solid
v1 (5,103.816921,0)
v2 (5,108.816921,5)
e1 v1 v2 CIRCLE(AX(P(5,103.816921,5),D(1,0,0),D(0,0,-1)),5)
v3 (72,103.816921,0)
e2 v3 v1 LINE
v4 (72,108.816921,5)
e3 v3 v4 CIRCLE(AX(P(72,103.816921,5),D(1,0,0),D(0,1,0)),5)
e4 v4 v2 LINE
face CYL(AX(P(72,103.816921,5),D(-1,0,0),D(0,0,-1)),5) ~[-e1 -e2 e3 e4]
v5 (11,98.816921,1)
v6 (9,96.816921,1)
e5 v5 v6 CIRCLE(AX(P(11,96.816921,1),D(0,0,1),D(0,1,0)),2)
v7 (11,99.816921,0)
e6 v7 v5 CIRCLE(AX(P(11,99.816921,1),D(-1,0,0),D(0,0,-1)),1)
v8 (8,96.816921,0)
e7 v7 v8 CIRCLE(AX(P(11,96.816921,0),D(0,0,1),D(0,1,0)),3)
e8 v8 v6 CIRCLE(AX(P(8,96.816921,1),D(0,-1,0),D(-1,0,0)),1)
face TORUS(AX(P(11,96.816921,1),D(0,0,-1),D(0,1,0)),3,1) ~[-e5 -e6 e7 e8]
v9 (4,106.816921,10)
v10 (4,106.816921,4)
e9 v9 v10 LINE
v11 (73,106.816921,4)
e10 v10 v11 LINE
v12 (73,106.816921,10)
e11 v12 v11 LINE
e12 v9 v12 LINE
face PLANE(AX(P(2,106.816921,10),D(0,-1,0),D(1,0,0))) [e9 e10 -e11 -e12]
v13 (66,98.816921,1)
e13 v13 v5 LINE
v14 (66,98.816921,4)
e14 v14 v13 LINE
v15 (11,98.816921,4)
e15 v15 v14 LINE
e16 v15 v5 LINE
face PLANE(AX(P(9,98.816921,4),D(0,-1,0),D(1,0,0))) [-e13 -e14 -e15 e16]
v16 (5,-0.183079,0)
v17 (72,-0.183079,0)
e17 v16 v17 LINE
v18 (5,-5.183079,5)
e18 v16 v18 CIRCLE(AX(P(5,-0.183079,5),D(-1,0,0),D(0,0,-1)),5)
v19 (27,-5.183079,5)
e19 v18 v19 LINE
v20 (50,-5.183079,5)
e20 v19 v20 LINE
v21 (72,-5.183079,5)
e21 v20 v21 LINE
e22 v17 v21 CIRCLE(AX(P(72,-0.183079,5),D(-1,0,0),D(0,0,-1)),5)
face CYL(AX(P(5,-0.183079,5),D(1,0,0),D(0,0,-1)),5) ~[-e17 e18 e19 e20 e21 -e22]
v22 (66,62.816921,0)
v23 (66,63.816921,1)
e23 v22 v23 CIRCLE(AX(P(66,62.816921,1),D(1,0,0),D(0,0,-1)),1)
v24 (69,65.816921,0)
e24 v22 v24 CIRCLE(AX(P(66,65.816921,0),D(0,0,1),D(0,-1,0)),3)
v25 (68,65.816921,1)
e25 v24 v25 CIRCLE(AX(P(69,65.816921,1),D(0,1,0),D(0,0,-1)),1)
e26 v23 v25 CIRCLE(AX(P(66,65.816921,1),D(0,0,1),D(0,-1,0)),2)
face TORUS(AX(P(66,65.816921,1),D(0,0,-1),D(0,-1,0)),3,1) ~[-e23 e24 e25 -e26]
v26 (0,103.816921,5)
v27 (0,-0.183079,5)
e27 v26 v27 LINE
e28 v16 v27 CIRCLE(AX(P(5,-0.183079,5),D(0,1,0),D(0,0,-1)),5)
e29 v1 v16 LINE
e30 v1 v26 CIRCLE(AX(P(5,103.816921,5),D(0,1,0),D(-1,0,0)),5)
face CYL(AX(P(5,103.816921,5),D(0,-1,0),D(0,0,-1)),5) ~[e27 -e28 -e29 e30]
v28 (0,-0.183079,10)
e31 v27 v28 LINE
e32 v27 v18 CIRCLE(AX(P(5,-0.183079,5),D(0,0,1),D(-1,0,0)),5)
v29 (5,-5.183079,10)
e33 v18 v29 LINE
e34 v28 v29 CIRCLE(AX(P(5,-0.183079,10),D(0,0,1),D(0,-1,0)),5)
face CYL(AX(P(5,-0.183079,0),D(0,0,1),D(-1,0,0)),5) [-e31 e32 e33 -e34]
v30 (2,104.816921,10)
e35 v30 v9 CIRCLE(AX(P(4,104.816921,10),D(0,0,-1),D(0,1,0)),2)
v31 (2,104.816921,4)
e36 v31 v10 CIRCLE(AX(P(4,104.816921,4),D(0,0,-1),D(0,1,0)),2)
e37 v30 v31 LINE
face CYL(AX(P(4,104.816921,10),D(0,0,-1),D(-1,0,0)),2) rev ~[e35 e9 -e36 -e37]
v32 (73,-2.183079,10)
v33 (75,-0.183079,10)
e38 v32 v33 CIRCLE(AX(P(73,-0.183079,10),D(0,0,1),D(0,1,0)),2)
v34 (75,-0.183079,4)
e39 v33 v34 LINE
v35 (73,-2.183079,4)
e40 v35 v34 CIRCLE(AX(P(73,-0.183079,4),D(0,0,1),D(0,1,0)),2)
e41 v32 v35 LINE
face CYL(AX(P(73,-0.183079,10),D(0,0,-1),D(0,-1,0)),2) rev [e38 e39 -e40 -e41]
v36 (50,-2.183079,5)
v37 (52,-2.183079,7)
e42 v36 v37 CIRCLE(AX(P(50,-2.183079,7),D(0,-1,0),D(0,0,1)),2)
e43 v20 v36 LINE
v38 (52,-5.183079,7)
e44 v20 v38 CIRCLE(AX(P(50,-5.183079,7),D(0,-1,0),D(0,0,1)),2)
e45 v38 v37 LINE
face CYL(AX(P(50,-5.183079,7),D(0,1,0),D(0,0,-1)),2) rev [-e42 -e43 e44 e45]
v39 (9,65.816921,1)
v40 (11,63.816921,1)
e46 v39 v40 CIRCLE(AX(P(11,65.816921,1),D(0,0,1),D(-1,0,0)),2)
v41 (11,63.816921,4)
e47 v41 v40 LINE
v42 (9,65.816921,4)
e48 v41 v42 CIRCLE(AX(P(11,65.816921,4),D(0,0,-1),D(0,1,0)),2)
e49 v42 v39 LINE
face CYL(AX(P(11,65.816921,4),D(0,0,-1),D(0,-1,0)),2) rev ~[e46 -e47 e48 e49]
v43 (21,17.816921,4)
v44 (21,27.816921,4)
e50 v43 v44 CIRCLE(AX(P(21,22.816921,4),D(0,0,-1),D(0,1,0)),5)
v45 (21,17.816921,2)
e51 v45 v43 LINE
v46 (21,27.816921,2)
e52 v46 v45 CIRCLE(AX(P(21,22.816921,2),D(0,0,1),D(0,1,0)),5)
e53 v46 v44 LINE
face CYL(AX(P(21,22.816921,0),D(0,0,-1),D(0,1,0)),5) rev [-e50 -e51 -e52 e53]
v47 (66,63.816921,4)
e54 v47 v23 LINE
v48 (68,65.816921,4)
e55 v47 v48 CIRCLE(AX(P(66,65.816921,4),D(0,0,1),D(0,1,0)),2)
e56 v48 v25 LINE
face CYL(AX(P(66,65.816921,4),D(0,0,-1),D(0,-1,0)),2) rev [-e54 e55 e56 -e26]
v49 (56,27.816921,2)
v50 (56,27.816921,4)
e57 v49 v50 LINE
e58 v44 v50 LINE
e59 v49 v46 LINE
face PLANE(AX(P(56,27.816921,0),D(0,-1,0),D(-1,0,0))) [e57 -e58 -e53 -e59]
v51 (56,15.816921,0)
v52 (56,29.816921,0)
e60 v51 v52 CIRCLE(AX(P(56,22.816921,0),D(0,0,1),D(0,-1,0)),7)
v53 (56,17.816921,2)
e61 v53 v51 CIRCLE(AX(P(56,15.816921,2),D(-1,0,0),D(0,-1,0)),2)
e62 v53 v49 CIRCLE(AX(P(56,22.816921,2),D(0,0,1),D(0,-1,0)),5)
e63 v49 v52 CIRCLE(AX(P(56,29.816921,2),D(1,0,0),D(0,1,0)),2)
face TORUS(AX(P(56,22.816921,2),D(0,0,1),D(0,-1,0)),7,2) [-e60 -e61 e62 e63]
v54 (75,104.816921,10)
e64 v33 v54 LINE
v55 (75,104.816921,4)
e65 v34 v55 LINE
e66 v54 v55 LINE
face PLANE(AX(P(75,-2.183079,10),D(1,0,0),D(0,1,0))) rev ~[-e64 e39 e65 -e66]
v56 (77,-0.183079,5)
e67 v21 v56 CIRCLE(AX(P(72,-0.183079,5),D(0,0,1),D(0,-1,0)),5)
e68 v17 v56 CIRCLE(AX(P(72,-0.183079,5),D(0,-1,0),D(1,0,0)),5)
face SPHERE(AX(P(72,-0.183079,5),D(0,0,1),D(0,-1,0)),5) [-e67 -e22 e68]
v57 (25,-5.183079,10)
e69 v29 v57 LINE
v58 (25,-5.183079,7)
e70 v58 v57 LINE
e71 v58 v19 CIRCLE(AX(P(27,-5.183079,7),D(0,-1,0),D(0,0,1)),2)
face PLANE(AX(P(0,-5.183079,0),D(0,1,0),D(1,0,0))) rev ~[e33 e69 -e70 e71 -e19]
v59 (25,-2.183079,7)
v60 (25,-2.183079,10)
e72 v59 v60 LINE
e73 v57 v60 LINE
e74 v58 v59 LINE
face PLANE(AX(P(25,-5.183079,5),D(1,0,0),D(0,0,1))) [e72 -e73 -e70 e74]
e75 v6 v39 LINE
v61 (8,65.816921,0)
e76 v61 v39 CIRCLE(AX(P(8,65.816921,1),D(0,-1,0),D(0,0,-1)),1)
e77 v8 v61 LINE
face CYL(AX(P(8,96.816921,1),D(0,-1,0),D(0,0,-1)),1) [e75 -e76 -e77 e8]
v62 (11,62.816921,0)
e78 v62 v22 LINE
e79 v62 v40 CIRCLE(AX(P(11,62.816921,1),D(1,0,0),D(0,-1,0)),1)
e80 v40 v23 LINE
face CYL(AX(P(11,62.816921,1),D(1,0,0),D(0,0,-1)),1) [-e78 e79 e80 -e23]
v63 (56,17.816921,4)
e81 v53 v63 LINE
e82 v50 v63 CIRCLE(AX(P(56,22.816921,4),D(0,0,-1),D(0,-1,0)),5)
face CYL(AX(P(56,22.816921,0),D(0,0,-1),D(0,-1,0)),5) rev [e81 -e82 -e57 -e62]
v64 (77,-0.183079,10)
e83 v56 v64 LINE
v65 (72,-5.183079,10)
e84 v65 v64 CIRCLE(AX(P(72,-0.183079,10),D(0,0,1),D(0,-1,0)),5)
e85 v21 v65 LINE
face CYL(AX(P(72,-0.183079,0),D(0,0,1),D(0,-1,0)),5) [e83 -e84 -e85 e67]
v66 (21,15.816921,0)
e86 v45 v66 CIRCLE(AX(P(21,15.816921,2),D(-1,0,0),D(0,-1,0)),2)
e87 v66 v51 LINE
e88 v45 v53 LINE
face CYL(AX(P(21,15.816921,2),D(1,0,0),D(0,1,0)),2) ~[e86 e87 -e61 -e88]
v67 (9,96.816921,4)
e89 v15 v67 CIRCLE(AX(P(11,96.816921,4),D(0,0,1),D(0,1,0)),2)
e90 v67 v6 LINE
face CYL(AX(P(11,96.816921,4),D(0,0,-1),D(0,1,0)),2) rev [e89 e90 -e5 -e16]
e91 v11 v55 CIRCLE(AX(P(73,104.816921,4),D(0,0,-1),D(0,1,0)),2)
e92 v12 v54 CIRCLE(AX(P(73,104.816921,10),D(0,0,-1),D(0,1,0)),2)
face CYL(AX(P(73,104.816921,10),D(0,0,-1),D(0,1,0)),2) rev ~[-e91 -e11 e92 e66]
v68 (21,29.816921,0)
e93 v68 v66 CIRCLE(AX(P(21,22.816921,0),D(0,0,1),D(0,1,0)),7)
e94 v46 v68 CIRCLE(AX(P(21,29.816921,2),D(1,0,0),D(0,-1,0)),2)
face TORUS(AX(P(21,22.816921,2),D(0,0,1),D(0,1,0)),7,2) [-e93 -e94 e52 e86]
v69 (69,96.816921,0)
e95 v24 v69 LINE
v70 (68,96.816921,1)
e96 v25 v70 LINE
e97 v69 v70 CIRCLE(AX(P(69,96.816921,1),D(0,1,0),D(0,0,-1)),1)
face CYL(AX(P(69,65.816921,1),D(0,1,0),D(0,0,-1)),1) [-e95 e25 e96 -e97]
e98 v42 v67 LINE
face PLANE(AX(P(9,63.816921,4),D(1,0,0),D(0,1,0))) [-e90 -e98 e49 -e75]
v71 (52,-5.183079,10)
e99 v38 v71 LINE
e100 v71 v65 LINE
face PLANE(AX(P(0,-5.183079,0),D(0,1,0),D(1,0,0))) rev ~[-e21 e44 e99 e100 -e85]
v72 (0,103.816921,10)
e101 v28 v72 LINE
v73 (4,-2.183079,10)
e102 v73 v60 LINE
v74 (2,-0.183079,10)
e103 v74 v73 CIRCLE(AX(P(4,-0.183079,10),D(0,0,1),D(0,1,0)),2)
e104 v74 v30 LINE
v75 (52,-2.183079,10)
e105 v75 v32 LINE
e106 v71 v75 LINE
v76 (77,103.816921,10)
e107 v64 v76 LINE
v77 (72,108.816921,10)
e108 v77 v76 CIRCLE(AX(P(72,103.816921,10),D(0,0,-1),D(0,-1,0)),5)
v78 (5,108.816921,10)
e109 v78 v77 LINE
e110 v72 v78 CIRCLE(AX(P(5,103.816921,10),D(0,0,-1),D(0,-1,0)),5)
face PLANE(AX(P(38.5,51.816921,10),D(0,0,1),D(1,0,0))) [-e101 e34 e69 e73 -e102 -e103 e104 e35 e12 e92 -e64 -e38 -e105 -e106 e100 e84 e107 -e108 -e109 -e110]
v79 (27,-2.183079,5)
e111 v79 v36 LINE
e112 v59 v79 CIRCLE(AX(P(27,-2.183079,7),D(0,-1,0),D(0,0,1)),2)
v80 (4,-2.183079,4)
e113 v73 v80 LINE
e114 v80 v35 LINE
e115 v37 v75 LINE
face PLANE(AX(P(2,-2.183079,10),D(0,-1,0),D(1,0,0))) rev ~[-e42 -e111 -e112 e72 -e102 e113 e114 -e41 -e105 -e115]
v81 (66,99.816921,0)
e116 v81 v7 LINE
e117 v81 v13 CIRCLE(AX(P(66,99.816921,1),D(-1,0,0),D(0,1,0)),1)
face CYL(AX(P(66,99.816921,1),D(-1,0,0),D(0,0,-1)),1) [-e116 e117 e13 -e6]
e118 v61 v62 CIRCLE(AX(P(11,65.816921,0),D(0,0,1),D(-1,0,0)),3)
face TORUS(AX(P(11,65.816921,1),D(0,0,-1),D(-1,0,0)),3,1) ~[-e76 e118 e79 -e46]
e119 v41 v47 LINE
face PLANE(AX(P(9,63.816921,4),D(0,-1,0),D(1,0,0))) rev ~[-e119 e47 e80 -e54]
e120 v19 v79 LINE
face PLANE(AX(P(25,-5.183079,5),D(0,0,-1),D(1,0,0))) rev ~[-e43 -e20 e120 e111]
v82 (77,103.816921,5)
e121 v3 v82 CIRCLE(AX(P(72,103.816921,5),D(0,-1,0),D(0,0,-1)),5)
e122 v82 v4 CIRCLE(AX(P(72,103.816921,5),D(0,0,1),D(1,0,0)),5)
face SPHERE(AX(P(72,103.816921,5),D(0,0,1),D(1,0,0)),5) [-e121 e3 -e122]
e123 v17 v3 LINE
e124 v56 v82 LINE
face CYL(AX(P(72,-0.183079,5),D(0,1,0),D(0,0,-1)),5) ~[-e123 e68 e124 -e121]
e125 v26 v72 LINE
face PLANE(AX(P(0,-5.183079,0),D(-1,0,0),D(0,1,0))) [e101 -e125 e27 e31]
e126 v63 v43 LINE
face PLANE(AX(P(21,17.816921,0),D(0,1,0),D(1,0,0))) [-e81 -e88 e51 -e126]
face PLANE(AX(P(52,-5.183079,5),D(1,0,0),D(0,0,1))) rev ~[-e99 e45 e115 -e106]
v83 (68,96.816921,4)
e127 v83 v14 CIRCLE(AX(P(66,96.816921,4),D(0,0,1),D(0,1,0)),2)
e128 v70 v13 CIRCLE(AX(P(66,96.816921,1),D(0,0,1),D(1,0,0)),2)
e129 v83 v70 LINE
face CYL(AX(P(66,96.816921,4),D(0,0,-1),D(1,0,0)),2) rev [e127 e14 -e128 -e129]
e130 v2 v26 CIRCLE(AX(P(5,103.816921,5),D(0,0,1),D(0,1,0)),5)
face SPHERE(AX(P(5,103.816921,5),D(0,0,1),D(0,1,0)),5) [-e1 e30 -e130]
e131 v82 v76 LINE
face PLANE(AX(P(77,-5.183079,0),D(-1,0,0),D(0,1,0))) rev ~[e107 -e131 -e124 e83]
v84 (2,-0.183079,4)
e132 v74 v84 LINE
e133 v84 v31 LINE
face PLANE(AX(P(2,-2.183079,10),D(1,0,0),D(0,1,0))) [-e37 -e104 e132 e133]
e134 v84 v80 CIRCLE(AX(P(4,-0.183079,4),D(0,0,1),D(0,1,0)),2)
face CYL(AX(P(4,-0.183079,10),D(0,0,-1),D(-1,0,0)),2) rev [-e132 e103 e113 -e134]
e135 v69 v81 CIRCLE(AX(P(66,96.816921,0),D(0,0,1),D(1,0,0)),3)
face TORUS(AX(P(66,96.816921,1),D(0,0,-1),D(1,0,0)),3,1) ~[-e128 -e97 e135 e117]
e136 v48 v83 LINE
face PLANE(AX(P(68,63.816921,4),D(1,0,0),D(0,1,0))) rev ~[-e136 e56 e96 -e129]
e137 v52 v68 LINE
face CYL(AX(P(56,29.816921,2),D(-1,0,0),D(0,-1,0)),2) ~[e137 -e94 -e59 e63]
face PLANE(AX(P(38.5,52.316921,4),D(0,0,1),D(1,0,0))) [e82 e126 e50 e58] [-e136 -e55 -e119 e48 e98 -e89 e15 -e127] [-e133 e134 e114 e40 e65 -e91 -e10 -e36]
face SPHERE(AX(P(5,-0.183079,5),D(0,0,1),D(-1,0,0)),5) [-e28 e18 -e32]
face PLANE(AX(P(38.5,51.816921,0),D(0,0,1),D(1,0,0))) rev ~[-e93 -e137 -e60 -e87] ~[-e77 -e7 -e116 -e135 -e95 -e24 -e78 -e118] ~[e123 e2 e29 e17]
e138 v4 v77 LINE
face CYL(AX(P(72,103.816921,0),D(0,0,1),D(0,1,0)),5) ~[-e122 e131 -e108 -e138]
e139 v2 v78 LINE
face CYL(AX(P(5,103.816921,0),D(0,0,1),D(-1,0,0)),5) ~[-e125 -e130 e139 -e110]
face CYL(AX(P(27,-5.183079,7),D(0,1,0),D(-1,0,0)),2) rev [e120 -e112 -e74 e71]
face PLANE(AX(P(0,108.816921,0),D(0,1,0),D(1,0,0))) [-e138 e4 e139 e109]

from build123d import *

# Parameters (mm, degrees)
SKETCH1_W           = 77
SKETCH1_H           = 114
BOSS_EXTRUDE1_DEPTH = 10
SKETCH2_W           = 73
SKETCH2_H           = 109
CUT_EXTRUDE1_DEPTH  = 6
SKETCH3_W           = 59
SKETCH3_H           = 35
CUT_EXTRUDE2_DEPTH  = 6
FILLET1_R           = 5
FILLET2_R           = 5
FILLET3_R           = 2
FILLET4_R           = 2
SKETCH7_W           = 27
SKETCH7_H           = 5
CUT_EXTRUDE8_DEPTH  = 6
FILLET5_R           = 2
CUT_EXTRUDE9_DEPTH  = 10
FILLET6_R           = 2
FILLET7_R           = 1


with BuildPart() as part:
    # Sketch1 → Boss-Extrude1 (new body)
    with BuildSketch(Plane.XY):
        with Locations((38.5, 51.816921292)):
            Rectangle(SKETCH1_W, SKETCH1_H)
    extrude(amount=BOSS_EXTRUDE1_DEPTH)

    # Sketch2 → Cut-Extrude1 (cut)
    with BuildSketch(Plane.XY.offset(10)):
        with Locations((38.5, 52.316921292)):
            Rectangle(SKETCH2_W, SKETCH2_H)
    extrude(amount=-CUT_EXTRUDE1_DEPTH, mode=Mode.SUBTRACT)

    # Sketch3 → Cut-Extrude2 (cut)
    with BuildSketch(Plane.XY.offset(4)):
        with Locations((38.5, 81.316921292)):
            Rectangle(SKETCH3_W, SKETCH3_H)
    extrude(amount=-CUT_EXTRUDE2_DEPTH, mode=Mode.SUBTRACT)

    # Fillet1
    fillet1_edges = [part.edges().sort_by_distance(p)[0] for p in [
        (0, 108.816921292, 5),
        (77, 108.816921292, 5),
        (77, -5.183078708, 5),
        (0, -5.183078708, 5),
    ]]
    fillet(fillet1_edges, radius=FILLET1_R)

    # Fillet2
    fillet2_edges = [part.edges().sort_by_distance(p)[0] for p in [
        (38.5, -5.183078708, 0),
        (0, 51.816921292, 0),
        (38.5, 108.816921292, 0),
        (77, 51.816921292, 0),
        (75.535533906, 107.352455198, 0),
        (1.464466094, 107.352455198, 0),
        (75.535533906, -3.718612614, 0),
        (1.464466094, -3.718612614, 0),
    ]]
    fillet(fillet2_edges, radius=FILLET2_R)

    # Fillet3
    fillet3_edges = [part.edges().sort_by_distance(p)[0] for p in [
        (9, 63.816921292, 2),
        (9, 98.816921292, 2),
        (68, 98.816921292, 2),
        (68, 63.816921292, 2),
    ]]
    fillet(fillet3_edges, radius=FILLET3_R)

    # Fillet4
    fillet4_edges = [part.edges().sort_by_distance(p)[0] for p in [
        (2, -2.183078708, 7),
        (2, 106.816921292, 7),
        (75, 106.816921292, 7),
        (75, -2.183078708, 7),
    ]]
    fillet(fillet4_edges, radius=FILLET4_R)

    # Sketch7 → Cut-Extrude8 (cut)
    with BuildSketch(Plane.XZ.offset(5.183078708)):
        with Locations((38.5, 7.5)):
            Rectangle(SKETCH7_W, SKETCH7_H)
    extrude(amount=-CUT_EXTRUDE8_DEPTH, mode=Mode.SUBTRACT)

    # Fillet5
    fillet5_edges = [part.edges().sort_by_distance(p)[0] for p in [
        (52, -3.683078708, 5),
        (25, -3.683078708, 5),
    ]]
    fillet(fillet5_edges, radius=FILLET5_R)

    # Sketch8 → Cut-Extrude9 (cut)
    with BuildSketch(Plane(origin=(0, 0, 0), x_dir=(-1, 0, 0), z_dir=(0, 0, -1))):
        with BuildLine():
            Line((-56, 27.816921292), (-21, 27.816921292))
            ThreePointArc((-21, 27.816921292), (-16, 22.816921292), (-21, 17.816921292))
            Line((-21, 17.816921292), (-56, 17.816921292))
            ThreePointArc((-56, 17.816921292), (-61, 22.816921292), (-56, 27.816921292))
        make_face()
    extrude(amount=-CUT_EXTRUDE9_DEPTH, mode=Mode.SUBTRACT)

    # Fillet6
    fillet6_edges = [part.edges().sort_by_distance(p)[0] for p in [
        (61, 22.816921292, 0),
        (38.5, 17.816921292, 0),
        (16, 22.816921292, 0),
        (38.5, 27.816921292, 0),
    ]]
    fillet(fillet6_edges, radius=FILLET6_R)

    # Fillet7
    fillet7_edges = [part.edges().sort_by_distance(p)[0] for p in [
        (68, 81.316921292, 0),
        (38.5, 63.816921292, 0),
        (9, 81.316921292, 0),
        (38.5, 98.816921292, 0),
        (67.414213562, 64.402707729, 0),
        (9.585786438, 64.402707729, 0),
        (9.585786438, 98.231134854, 0),
        (67.414213562, 98.231134854, 0),
    ]]
    fillet(fillet7_edges, radius=FILLET7_R)


solid = part.part
